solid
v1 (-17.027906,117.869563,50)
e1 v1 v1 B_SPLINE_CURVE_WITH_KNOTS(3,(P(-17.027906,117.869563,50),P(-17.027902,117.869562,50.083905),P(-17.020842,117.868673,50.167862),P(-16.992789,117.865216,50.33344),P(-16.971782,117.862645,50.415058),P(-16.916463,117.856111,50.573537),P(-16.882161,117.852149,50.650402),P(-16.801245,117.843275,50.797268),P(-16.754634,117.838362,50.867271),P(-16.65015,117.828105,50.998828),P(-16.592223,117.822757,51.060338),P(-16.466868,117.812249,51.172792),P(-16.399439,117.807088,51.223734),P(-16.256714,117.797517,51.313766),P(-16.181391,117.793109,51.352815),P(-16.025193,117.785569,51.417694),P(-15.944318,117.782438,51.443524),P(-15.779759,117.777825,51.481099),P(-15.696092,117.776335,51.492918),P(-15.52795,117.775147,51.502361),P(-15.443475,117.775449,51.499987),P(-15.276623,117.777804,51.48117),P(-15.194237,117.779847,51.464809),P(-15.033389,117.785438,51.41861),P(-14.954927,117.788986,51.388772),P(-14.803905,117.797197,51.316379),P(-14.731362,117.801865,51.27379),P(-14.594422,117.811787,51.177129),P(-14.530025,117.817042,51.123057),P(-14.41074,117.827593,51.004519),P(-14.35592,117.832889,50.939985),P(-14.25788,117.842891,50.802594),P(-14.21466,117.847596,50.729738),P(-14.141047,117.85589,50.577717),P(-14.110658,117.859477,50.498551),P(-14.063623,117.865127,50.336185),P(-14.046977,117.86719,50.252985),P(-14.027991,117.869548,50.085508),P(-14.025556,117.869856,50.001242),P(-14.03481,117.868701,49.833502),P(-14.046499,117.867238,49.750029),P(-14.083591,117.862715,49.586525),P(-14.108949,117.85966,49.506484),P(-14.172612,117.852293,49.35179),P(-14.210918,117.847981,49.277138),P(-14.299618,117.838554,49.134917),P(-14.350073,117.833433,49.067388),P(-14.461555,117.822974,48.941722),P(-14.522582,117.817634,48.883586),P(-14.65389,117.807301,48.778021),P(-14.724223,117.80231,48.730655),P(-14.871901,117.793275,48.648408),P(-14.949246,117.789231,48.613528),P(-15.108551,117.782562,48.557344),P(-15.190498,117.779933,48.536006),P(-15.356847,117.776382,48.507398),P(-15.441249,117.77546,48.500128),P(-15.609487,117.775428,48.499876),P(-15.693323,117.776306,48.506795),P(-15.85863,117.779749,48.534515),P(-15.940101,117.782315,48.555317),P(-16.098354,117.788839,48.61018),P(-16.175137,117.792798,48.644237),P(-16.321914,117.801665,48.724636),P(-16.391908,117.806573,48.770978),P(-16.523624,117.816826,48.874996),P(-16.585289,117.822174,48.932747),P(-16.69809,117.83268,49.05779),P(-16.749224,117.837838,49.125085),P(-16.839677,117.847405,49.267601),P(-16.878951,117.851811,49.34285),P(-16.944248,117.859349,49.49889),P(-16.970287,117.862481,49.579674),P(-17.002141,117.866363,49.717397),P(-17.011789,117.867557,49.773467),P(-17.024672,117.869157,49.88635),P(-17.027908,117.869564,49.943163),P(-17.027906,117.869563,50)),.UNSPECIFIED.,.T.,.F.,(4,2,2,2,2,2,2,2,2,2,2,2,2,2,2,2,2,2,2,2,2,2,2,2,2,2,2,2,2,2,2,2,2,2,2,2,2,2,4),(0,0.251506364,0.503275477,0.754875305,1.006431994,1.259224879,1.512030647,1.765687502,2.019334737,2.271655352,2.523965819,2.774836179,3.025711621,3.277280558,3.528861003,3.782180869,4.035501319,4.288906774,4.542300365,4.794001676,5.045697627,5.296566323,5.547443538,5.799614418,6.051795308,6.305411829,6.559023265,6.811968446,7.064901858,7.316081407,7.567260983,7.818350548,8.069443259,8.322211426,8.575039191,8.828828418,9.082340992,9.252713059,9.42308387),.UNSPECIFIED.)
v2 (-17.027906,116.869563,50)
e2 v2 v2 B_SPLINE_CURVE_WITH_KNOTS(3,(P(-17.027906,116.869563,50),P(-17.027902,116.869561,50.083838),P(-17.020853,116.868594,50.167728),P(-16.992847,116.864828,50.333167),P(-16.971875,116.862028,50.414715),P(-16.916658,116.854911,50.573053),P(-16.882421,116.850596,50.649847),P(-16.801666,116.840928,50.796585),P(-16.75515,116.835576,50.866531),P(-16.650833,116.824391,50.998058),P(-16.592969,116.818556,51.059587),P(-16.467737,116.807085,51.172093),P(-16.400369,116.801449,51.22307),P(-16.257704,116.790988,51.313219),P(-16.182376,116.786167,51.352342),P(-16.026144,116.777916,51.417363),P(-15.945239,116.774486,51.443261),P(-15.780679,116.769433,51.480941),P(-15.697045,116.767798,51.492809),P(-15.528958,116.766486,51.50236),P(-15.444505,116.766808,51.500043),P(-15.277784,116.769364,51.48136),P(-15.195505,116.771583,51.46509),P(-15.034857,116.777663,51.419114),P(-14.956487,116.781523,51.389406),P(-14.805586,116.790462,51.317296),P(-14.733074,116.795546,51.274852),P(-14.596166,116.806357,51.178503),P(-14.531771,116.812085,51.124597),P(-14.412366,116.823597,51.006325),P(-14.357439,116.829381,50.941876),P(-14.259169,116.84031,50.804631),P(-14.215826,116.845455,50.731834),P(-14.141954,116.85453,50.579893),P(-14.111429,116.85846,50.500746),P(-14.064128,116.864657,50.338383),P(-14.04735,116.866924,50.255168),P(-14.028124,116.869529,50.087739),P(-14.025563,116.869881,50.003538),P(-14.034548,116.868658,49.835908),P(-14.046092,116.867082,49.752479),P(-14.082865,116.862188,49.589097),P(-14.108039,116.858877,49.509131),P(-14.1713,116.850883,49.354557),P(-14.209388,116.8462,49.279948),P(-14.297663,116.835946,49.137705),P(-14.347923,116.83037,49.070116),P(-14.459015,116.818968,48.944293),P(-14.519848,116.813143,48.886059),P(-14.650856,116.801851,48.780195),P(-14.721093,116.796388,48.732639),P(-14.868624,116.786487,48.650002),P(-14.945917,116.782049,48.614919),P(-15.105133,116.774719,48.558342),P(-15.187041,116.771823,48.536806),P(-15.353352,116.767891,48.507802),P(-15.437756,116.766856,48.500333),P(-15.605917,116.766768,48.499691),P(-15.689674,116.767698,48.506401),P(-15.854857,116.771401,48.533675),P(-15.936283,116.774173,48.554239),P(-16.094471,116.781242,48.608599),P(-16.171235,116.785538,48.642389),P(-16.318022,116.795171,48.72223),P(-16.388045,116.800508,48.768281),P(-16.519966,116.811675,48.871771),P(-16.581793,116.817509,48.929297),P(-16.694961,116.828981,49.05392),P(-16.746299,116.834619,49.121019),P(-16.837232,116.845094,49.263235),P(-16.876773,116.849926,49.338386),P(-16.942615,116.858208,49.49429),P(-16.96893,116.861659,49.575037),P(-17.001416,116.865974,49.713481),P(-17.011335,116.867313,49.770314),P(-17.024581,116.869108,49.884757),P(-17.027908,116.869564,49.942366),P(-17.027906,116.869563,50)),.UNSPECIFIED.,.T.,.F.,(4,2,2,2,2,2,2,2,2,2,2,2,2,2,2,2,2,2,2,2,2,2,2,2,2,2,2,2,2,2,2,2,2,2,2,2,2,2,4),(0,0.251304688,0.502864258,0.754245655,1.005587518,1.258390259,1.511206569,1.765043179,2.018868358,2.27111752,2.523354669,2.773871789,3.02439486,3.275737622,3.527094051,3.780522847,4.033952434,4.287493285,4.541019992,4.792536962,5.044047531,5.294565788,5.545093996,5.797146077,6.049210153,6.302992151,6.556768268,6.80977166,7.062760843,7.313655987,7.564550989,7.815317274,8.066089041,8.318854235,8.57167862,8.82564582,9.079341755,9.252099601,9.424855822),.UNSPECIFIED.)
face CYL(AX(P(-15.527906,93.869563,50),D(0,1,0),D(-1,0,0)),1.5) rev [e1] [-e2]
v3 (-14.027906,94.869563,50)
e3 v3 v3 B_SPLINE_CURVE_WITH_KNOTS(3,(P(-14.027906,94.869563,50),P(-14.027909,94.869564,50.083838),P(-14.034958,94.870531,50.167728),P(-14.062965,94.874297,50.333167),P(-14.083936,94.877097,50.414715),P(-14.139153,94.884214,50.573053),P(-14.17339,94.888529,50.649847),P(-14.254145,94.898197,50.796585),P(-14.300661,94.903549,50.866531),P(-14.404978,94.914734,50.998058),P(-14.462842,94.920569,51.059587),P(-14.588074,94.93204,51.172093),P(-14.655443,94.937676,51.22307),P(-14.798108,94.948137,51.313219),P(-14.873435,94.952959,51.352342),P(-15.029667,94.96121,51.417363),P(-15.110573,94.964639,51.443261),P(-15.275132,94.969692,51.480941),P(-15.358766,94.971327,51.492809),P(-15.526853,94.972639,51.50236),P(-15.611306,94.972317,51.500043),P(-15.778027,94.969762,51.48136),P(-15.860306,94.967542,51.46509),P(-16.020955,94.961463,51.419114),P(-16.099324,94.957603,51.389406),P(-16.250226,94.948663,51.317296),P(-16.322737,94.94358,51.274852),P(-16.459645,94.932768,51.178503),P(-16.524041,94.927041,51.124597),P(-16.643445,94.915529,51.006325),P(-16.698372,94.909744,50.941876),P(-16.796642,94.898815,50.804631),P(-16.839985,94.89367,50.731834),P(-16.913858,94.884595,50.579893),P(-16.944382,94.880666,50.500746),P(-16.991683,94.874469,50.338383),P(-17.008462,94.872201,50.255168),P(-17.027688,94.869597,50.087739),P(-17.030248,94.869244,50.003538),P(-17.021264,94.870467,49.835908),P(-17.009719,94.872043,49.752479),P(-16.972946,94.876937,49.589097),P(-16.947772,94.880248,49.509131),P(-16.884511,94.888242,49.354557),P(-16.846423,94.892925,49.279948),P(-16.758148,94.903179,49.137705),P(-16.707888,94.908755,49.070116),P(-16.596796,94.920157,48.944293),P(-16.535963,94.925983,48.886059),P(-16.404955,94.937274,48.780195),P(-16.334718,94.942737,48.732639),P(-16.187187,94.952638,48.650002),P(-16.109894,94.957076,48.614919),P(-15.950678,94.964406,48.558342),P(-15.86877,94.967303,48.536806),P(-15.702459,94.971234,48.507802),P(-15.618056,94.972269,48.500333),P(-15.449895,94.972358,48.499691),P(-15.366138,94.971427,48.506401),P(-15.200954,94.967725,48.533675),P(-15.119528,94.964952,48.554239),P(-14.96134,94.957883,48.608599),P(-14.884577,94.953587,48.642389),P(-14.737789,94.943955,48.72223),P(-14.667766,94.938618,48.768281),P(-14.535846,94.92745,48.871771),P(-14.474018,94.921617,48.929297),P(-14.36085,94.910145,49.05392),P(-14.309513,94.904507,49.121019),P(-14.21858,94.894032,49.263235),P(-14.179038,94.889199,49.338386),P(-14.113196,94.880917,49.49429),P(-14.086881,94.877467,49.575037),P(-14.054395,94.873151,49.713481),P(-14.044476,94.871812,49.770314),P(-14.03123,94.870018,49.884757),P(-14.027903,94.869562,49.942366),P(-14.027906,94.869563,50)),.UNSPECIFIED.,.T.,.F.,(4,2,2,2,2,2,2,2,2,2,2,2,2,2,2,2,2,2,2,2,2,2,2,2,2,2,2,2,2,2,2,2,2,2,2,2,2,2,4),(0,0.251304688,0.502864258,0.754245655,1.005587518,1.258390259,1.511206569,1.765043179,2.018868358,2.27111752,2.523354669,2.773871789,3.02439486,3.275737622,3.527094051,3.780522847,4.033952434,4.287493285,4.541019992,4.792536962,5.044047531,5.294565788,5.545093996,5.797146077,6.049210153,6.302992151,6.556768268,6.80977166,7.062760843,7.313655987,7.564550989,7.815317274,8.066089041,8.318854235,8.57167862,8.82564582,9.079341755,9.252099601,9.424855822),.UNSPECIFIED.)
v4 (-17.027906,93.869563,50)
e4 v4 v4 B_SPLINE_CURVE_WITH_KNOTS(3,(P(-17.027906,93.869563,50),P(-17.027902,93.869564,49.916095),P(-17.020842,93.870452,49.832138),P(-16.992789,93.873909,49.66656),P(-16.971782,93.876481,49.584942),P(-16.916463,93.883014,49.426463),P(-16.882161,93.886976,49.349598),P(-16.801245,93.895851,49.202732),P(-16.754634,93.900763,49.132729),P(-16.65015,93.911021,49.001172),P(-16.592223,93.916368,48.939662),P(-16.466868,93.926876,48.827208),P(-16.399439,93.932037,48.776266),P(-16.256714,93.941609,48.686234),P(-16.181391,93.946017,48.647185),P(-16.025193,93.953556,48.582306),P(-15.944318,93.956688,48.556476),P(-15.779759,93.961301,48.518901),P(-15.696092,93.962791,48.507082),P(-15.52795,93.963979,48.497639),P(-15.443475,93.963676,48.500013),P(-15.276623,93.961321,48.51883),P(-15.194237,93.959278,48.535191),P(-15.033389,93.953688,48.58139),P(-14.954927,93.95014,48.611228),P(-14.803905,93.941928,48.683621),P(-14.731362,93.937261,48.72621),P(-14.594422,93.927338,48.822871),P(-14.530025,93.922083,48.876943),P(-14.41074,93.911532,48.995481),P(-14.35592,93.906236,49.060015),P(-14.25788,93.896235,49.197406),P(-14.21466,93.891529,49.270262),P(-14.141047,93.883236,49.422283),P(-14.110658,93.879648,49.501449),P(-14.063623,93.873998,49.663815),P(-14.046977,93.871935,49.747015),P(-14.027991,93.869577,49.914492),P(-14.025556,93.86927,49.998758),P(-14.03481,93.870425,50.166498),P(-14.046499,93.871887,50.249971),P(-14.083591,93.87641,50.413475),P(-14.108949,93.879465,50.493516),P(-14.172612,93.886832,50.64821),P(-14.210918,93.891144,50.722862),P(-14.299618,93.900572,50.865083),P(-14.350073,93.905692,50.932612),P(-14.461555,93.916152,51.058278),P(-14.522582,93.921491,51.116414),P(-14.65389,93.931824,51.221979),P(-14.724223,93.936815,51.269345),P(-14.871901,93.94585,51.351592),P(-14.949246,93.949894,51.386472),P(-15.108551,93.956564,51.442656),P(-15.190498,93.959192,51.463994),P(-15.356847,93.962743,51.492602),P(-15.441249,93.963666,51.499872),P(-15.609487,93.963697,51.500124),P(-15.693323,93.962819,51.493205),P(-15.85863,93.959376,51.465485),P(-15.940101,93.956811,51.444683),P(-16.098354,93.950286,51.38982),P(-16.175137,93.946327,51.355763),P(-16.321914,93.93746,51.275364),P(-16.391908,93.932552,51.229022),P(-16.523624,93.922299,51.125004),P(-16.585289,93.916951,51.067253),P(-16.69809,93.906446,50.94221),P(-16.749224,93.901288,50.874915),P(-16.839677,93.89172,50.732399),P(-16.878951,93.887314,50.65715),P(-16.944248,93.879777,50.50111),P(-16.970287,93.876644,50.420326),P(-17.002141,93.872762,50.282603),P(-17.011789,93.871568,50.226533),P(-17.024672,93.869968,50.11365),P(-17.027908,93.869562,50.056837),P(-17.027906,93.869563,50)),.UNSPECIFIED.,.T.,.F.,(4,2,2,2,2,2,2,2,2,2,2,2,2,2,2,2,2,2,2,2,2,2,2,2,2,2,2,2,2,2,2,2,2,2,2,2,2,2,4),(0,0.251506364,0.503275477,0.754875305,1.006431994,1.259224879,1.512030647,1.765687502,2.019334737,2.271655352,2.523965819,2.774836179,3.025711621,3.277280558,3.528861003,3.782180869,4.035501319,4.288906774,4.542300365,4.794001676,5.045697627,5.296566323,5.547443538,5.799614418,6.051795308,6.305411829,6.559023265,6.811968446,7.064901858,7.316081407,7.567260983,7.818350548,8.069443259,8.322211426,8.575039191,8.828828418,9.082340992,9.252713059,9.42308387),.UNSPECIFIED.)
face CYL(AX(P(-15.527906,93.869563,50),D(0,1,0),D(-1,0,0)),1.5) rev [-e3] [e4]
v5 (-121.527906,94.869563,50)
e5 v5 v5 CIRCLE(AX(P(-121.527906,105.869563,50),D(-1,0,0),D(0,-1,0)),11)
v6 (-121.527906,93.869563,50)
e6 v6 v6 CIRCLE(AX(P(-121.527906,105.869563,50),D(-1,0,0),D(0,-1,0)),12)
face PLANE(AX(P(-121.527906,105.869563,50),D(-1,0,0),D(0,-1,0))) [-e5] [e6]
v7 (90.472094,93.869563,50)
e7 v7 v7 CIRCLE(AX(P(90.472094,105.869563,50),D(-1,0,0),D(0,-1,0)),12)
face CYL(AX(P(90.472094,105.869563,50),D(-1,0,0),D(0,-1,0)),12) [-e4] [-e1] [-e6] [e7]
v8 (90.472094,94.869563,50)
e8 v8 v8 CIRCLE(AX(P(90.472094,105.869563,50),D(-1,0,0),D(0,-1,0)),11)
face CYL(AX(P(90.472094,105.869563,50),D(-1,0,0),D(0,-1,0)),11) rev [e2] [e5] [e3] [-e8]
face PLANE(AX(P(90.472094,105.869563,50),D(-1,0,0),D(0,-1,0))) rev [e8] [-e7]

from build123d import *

# Parameters (mm, degrees)
SKETCH1_R           = 12
SKETCH1_R_2         = 11
BOSS_EXTRUDE1_DEPTH = 106
SKETCH2_R           = 1.5
CUT_EXTRUDE1_DEPTH  = 25


with BuildPart() as part:
    # Sketch1 → Boss-Extrude1 (new body, symmetric)
    with BuildSketch(Plane.ZY.offset(15.527905639)):
        with Locations((50, 105.869562716)):
            Circle(SKETCH1_R)
        with Locations((50, 105.869562716)):
            Circle(SKETCH1_R_2, mode=Mode.SUBTRACT)
    extrude(amount=BOSS_EXTRUDE1_DEPTH, both=True)

    # Sketch2 → Cut-Extrude1 (cut, through all)
    with BuildSketch(Plane(origin=(0, 117.869562716, 0), x_dir=(1, 0, 0), z_dir=(0, 1, 0))):
        with Locations((-15.527905639, -50)):
            Circle(SKETCH2_R)
    extrude(amount=-CUT_EXTRUDE1_DEPTH, mode=Mode.SUBTRACT)


solid = part.part
